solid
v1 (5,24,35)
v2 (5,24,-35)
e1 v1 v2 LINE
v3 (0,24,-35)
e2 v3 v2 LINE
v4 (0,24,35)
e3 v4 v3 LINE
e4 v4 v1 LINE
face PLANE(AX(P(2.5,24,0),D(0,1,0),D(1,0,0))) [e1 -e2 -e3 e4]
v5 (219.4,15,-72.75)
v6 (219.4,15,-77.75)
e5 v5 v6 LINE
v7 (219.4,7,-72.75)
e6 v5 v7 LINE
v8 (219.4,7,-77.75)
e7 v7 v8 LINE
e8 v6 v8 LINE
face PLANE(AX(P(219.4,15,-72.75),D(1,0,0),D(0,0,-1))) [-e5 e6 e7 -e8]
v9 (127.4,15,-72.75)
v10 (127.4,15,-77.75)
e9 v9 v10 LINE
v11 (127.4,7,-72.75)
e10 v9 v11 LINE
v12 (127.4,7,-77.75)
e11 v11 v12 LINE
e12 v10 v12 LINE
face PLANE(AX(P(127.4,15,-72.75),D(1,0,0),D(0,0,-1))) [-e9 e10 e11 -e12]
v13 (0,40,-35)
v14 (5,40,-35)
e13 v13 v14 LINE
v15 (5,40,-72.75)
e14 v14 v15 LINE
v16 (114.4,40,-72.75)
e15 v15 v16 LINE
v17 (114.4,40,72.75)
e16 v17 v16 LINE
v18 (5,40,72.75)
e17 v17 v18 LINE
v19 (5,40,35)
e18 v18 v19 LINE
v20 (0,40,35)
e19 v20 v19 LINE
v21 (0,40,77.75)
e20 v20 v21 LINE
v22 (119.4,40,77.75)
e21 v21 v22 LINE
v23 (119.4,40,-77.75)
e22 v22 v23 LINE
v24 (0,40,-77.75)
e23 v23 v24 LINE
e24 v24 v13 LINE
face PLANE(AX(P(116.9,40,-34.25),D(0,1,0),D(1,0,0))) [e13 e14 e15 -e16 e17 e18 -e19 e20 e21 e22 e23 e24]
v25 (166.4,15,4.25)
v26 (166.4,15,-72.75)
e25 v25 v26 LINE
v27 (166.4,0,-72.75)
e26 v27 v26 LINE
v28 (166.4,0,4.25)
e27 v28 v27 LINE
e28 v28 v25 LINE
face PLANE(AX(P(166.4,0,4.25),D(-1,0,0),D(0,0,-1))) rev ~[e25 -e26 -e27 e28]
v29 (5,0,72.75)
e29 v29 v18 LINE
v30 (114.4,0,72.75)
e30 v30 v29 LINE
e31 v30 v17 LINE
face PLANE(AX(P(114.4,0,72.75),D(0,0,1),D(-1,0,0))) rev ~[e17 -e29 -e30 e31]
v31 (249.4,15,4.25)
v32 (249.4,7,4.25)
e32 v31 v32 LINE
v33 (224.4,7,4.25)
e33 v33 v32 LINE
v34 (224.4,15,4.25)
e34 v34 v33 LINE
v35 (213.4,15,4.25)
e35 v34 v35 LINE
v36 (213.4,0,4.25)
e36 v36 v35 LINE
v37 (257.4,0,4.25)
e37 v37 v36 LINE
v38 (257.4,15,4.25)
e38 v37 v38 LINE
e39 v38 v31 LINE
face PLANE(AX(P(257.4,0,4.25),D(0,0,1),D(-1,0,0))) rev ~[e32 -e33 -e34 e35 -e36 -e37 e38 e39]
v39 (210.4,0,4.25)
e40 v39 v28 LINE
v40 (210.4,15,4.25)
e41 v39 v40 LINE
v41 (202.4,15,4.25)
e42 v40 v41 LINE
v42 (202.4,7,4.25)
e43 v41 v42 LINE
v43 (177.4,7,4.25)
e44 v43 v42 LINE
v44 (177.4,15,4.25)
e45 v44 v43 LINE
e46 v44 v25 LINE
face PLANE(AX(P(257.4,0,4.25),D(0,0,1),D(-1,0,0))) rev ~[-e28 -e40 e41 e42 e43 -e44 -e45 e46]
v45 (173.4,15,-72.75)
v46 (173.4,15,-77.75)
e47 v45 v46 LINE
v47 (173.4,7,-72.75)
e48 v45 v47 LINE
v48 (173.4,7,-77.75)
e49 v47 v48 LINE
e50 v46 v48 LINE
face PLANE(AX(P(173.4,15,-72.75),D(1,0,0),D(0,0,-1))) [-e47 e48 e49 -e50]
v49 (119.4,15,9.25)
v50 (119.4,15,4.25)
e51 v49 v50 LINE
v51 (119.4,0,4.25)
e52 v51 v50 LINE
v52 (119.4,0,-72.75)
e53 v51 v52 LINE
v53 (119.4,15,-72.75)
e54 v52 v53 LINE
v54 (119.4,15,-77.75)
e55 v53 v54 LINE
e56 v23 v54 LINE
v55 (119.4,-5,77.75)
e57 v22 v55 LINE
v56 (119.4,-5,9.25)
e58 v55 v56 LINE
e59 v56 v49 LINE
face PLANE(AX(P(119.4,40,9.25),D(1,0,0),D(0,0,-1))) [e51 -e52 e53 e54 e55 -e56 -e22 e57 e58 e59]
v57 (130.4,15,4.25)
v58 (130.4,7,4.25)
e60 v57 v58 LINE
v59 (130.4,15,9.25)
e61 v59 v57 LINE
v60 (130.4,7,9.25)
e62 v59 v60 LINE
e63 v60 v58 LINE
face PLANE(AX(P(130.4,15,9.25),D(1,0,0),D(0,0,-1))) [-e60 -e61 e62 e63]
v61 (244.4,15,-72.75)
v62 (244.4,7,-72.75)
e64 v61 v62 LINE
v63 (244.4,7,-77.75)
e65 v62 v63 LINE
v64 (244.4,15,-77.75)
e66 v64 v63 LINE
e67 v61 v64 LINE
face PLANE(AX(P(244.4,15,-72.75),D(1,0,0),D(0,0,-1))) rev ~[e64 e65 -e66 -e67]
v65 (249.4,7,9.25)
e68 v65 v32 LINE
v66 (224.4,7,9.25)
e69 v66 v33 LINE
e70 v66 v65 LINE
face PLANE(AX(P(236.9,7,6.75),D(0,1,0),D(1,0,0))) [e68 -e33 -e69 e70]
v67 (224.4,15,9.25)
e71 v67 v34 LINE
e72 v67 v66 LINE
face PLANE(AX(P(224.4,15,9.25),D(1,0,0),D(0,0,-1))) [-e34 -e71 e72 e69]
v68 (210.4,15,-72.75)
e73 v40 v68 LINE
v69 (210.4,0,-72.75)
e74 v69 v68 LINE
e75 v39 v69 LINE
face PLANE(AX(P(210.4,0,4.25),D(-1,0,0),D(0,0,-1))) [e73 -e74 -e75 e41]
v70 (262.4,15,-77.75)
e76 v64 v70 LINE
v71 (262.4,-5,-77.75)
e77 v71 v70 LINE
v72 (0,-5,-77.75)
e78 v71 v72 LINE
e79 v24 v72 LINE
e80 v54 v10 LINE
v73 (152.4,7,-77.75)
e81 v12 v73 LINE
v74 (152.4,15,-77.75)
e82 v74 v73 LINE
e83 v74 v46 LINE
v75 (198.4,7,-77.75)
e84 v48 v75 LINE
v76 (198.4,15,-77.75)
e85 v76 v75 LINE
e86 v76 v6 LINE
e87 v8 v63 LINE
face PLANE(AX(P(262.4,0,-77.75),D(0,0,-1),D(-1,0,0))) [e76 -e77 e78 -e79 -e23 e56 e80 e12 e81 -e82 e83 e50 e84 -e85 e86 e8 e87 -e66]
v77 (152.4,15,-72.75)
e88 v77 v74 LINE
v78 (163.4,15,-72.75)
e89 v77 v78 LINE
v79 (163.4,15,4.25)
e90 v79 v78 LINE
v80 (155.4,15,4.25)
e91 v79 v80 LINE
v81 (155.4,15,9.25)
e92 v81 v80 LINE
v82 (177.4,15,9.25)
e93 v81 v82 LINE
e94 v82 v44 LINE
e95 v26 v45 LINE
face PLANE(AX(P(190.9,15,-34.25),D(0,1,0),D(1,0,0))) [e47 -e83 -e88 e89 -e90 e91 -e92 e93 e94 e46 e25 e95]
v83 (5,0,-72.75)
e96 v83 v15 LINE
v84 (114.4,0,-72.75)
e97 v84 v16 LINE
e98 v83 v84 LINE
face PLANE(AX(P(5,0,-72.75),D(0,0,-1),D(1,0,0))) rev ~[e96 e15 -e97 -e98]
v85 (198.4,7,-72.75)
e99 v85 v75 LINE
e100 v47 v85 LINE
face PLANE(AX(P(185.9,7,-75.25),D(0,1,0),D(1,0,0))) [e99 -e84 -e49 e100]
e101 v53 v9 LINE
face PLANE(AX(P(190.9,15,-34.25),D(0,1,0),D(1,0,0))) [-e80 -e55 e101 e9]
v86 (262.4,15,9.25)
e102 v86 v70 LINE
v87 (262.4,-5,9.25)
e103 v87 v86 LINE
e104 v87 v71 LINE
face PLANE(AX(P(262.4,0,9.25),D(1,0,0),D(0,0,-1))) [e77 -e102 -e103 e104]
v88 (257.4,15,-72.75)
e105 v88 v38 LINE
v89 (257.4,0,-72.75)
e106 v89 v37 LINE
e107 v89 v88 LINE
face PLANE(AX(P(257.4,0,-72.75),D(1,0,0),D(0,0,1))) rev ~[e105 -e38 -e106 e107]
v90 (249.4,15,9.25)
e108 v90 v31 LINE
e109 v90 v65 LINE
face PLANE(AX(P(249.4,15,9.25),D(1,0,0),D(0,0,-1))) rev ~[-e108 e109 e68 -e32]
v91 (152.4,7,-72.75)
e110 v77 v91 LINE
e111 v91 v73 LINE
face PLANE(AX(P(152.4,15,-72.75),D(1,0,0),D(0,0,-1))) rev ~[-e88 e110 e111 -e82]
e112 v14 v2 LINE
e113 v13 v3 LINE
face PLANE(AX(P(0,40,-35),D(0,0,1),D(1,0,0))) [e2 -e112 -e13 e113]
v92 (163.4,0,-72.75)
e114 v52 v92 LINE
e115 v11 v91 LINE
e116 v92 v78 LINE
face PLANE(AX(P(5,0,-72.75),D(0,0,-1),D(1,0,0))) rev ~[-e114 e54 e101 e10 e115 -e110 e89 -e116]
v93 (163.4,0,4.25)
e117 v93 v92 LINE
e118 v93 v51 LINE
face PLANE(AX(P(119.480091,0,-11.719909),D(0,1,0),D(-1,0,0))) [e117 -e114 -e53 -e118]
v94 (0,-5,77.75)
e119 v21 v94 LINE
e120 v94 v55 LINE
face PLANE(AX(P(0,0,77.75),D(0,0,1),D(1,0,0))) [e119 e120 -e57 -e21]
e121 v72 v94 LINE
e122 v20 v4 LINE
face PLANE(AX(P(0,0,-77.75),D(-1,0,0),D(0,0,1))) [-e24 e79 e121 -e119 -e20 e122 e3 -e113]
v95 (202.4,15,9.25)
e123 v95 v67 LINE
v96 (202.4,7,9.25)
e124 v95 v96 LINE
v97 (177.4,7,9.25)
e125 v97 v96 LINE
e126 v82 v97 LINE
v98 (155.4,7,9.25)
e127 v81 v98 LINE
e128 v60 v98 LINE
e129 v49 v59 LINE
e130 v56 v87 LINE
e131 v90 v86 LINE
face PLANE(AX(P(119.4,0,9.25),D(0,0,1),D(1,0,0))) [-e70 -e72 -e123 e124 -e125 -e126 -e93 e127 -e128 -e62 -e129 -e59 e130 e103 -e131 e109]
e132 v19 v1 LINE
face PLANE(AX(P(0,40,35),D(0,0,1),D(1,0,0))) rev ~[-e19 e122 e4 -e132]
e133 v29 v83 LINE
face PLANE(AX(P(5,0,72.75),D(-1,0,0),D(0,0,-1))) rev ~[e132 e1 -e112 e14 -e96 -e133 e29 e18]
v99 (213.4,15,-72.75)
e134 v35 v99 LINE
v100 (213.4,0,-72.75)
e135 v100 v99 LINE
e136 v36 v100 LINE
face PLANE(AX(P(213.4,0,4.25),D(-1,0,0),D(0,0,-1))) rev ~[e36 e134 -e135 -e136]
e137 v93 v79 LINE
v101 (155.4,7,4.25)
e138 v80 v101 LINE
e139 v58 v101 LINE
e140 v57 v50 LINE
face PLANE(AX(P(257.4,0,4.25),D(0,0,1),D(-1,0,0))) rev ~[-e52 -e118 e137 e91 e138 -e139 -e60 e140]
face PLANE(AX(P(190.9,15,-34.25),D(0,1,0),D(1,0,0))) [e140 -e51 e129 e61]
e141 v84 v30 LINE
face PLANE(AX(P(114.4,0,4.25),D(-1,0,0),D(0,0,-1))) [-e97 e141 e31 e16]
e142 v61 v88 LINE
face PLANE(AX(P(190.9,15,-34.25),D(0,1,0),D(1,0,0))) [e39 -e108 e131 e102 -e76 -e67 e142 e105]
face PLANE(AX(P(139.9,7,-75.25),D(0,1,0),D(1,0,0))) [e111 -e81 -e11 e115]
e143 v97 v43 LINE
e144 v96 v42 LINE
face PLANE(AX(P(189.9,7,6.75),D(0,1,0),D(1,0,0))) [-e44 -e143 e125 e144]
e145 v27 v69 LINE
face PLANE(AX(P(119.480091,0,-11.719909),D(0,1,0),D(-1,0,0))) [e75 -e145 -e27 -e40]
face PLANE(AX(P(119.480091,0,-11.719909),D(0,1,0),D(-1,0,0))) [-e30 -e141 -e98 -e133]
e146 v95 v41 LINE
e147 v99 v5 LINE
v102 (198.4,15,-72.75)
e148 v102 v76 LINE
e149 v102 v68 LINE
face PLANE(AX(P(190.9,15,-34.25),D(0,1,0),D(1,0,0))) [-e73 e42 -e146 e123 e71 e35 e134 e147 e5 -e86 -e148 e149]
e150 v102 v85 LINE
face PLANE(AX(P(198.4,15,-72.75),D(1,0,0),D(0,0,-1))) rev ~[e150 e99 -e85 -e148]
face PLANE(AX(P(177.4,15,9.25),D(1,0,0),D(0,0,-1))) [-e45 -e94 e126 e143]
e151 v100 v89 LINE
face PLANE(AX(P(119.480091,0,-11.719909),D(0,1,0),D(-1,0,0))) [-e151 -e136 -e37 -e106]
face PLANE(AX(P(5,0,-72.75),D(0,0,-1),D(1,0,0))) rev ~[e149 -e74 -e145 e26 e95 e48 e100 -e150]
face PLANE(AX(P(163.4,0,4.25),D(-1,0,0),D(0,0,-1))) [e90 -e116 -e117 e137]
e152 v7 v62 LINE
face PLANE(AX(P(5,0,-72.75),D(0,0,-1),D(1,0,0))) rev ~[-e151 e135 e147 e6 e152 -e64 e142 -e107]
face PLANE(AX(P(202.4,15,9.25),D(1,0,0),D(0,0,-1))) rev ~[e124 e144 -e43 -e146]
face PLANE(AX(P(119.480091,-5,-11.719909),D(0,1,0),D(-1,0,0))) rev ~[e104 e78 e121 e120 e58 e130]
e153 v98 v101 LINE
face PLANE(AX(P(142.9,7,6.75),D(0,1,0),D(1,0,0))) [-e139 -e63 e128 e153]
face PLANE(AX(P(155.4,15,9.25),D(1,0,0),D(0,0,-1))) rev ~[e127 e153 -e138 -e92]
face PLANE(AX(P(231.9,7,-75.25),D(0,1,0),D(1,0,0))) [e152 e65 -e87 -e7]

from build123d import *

# Parameters (mm, degrees)
BOSS_EXTRUDE1_DEPTH = 40
BOSS_EXTRUDE2_DEPTH = 5
SKETCH4_W           = 5
SKETCH4_H           = 77
SKETCH4_W_2         = 3
BOSS_EXTRUDE3_DEPTH = 40
SKETCH5_W           = 143
SKETCH5_H           = 87
CUT_EXTRUDE1_DEPTH  = 25
SKETCH6_W           = 25
SKETCH6_H           = 5
CUT_EXTRUDE2_DEPTH  = 8
SKETCH7_W           = 5
SKETCH7_H           = 70
CUT_EXTRUDE3_DEPTH  = 16


with BuildPart() as part:
    # Sketch1 → Boss-Extrude1 (new body)
    with BuildSketch(Plane(origin=(0, 0, 0), x_dir=(1, 0, 0), z_dir=(0, 1, 0))):
        Polygon((0, 77.75), (0, -77.75), (119.4, -77.75), (119.4, -9.25), (262.4, -9.25), (262.4, 77.75), align=None)
        Polygon((5, 72.75), (257.4, 72.75), (257.4, -4.25), (114.4, -4.25), (114.4, -72.75), (5, -72.75), align=None, mode=Mode.SUBTRACT)
    extrude(amount=BOSS_EXTRUDE1_DEPTH)

    # Sketch3 → Boss-Extrude2 (add)
    with BuildSketch(Plane.XZ):
        Polygon((119.4, 77.75), (119.4, 9.25), (262.4, 9.25), (262.4, -77.75), (0, -77.75), (0, 77.75), align=None)
    extrude(amount=BOSS_EXTRUDE2_DEPTH)

    # Sketch4 → Boss-Extrude3 (add)
    with BuildSketch(Plane(origin=(0, 0, 0), x_dir=(1, 0, 0), z_dir=(0, 1, 0))):
        with Locations((116.9, 34.25)):
            Rectangle(SKETCH4_W, SKETCH4_H)
        with Locations((164.9, 34.25)):
            Rectangle(SKETCH4_W_2, SKETCH4_H)
        with Locations((211.9, 34.25)):
            Rectangle(SKETCH4_W_2, SKETCH4_H)
    extrude(amount=BOSS_EXTRUDE3_DEPTH)

    # Sketch5 → Cut-Extrude1 (cut)
    with BuildSketch(Plane(origin=(0, 40, 0), x_dir=(1, 0, 0), z_dir=(0, 1, 0))):
        with Locations((190.9, 34.25)):
            Rectangle(SKETCH5_W, SKETCH5_H)
    extrude(amount=-CUT_EXTRUDE1_DEPTH, mode=Mode.SUBTRACT)

    # Sketch6 → Cut-Extrude2 (cut)
    with BuildSketch(Plane(origin=(0, 15, 0), x_dir=(1, 0, 0), z_dir=(0, 1, 0))):
        with Locations((142.9, -6.75)):
            Rectangle(SKETCH6_W, SKETCH6_H)
        with Locations((189.9, -6.75)):
            Rectangle(SKETCH6_W, SKETCH6_H)
        with Locations((236.9, -6.75)):
            Rectangle(SKETCH6_W, SKETCH6_H)
        with Locations((139.9, 75.25)):
            Rectangle(SKETCH6_W, SKETCH6_H)
        with Locations((185.9, 75.25)):
            Rectangle(SKETCH6_W, SKETCH6_H)
        with Locations((231.9, 75.25)):
            Rectangle(SKETCH6_W, SKETCH6_H)
    extrude(amount=-CUT_EXTRUDE2_DEPTH, mode=Mode.SUBTRACT)

    # Sketch7 → Cut-Extrude3 (cut)
    with BuildSketch(Plane(origin=(0, 40, 0), x_dir=(1, 0, 0), z_dir=(0, 1, 0))):
        with Locations((2.5, 0)):
            Rectangle(SKETCH7_W, SKETCH7_H)
    extrude(amount=-CUT_EXTRUDE3_DEPTH, mode=Mode.SUBTRACT)


solid = part.part
